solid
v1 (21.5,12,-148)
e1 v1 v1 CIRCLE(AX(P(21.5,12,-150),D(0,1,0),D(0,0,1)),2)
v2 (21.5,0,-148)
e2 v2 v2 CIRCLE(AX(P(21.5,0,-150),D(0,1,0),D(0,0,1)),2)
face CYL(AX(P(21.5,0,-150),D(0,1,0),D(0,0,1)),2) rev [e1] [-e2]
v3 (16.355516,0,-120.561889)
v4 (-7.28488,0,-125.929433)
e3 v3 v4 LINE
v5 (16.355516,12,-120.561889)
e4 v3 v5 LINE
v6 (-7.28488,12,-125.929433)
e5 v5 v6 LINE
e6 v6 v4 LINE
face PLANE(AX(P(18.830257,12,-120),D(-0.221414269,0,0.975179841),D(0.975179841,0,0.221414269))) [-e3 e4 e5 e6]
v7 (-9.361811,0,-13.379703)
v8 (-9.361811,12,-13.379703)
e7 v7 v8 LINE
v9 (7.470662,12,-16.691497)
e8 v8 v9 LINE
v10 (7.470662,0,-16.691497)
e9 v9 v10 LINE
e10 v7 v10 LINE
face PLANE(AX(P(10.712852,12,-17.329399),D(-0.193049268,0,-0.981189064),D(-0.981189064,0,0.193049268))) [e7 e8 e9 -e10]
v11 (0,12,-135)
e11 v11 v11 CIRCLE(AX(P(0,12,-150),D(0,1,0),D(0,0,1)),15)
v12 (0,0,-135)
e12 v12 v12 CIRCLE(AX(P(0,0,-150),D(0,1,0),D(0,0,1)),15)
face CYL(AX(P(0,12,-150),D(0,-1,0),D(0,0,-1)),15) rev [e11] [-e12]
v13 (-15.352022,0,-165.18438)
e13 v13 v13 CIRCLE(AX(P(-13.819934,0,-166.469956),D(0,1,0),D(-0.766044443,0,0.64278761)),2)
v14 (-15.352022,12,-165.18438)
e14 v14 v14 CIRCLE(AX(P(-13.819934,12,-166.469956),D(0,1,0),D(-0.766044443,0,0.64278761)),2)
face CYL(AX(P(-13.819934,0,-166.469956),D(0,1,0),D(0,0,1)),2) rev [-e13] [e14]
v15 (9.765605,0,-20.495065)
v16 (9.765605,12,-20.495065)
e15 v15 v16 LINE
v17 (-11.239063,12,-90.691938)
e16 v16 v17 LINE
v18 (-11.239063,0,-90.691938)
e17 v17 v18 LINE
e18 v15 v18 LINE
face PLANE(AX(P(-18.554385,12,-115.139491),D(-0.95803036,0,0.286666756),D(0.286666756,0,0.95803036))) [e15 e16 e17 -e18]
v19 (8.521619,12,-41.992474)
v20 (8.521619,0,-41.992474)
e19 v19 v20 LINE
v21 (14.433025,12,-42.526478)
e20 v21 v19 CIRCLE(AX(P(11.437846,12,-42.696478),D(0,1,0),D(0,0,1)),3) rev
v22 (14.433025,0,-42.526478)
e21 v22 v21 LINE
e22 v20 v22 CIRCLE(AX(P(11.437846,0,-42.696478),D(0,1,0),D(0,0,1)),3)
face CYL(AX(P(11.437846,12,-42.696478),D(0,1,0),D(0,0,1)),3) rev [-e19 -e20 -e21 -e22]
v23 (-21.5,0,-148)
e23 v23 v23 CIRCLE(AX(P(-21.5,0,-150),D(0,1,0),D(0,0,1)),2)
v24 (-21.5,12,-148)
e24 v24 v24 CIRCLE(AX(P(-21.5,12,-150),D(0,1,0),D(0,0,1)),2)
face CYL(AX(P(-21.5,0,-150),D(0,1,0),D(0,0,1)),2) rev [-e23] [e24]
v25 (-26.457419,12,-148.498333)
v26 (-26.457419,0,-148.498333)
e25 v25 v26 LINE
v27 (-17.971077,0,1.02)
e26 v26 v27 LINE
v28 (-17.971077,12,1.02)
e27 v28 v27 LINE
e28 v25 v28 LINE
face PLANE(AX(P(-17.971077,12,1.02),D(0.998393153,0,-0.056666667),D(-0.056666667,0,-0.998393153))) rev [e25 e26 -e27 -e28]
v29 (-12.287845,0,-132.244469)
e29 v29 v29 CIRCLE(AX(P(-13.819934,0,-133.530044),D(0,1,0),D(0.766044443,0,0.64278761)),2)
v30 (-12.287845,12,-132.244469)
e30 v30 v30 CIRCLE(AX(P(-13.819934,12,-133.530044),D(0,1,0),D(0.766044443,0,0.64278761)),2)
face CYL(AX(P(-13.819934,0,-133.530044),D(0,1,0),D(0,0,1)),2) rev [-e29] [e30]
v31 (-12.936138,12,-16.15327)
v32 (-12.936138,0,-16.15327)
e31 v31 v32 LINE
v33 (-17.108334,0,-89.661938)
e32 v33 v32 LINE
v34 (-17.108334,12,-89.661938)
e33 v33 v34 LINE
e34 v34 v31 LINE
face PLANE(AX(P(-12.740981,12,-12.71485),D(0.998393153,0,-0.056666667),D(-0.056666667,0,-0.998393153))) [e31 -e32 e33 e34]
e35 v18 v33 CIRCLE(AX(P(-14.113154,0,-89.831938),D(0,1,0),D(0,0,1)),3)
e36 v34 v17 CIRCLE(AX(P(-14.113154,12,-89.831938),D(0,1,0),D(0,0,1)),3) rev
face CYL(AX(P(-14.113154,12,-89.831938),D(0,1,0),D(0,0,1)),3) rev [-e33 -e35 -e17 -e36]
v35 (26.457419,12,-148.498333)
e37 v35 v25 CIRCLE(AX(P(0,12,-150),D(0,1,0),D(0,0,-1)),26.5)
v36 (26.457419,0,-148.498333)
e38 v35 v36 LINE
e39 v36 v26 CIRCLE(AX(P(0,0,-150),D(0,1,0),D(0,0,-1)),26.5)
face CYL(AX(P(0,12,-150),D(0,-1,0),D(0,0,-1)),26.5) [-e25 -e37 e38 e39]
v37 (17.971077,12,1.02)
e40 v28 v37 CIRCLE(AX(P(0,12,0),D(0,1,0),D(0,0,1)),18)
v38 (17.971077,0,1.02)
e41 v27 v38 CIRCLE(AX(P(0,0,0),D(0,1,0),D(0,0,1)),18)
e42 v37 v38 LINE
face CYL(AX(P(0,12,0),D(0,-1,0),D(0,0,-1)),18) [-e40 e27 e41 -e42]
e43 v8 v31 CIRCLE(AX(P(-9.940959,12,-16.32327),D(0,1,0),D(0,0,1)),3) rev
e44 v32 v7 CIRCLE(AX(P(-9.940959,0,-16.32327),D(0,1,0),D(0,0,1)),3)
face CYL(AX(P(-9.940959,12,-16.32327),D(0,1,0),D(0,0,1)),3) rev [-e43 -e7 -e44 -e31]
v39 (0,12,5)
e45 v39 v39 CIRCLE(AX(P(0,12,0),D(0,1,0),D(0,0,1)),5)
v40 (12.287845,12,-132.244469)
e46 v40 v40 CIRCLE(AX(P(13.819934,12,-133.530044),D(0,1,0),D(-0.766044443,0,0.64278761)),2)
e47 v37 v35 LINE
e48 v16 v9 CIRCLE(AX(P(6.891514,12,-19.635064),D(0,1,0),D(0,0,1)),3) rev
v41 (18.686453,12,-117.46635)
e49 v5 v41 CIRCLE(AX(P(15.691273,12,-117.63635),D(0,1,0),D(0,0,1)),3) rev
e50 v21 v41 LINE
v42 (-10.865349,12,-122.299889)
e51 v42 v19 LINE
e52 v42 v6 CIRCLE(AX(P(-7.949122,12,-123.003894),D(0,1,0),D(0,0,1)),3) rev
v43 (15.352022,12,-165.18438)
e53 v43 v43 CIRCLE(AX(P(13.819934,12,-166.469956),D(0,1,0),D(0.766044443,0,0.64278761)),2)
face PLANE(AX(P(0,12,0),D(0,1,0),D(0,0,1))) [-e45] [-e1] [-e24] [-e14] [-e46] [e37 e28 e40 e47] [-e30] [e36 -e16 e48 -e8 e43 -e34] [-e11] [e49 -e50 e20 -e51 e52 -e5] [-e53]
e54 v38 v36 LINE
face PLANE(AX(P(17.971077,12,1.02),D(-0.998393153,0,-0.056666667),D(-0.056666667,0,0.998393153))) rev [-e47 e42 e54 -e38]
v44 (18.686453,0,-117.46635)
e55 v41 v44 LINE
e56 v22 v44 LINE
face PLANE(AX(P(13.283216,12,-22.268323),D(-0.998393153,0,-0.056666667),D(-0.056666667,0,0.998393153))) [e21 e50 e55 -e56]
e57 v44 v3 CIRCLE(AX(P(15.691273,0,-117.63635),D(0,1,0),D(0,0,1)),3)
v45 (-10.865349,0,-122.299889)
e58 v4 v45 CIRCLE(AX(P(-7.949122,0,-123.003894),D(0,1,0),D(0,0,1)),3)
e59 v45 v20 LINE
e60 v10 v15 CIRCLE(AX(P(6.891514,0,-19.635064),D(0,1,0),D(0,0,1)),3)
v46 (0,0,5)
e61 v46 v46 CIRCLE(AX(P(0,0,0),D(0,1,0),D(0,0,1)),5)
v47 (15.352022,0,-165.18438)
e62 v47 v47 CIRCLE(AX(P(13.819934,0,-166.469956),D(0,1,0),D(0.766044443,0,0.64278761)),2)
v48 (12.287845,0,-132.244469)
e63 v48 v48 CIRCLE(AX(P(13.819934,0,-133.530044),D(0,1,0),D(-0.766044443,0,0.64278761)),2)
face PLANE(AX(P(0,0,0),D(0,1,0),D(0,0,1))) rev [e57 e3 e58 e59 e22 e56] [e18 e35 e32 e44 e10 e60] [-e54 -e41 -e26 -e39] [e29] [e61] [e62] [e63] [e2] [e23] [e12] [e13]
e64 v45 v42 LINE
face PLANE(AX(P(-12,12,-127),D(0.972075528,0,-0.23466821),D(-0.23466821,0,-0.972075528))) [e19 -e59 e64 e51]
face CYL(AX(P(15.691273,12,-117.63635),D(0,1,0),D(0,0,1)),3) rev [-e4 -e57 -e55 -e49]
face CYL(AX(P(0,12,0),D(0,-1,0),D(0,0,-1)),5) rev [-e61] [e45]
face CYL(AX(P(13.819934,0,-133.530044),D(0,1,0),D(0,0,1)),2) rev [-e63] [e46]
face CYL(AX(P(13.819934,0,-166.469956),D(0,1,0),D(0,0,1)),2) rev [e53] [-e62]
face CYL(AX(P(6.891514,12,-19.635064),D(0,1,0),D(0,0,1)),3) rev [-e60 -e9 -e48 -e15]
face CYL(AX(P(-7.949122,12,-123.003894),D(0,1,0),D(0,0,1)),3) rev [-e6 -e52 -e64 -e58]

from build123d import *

# Parameters (mm, degrees)
SKETCH_1_R               = 5
SKETCH_1_R_2             = 15
EXTRUDE_1_DEPTH          = 12
FILLET_1_R               = 3
SKETCH_2_R               = 2
CUT_EXTRUDE_1_DEPTH      = 179.881245523
PATTERN_CIRCULAR_3_COUNT = 2
PATTERN_CIRCULAR_3_ANGLE = 50
PATTERN_CIRCULAR_4_COUNT = 2
PATTERN_CIRCULAR_4_ANGLE = 50


with BuildPart() as part:
    # 草图1 → 凸台-拉伸1 (new body)
    with BuildSketch(Plane(origin=(0, 0, 0), x_dir=(1, 0, 0), z_dir=(0, 1, 0))):
        with BuildLine():
            Line((-17.971076762, -1.02), (-26.457418567, 148.498333333))
            ThreePointArc((-26.457418567, 148.498333333), (0, 176.5), (26.457418567, 148.498333333))
            Line((26.457418567, 148.498333333), (17.971076762, -1.02))
            ThreePointArc((17.971076762, -1.02), (0, -18), (-17.971076762, -1.02))
        make_face()
        with Locations(Location((0, 0, 0), (0, 0, 270))):
            Circle(SKETCH_1_R, mode=Mode.SUBTRACT)
        with Locations(Location((0, 150, 0), (0, 0, 270))):
            Circle(SKETCH_1_R_2, mode=Mode.SUBTRACT)
        Polygon((-12.740980954, 12.714849757), (-18.554385191, 115.139490738), (10.712851955, 17.329399023), align=None, mode=Mode.SUBTRACT)
        Polygon((13.283215706, 22.268322657), (18.830257334, 120), (-12, 127), align=None, mode=Mode.SUBTRACT)
    extrude(amount=EXTRUDE_1_DEPTH)

    # 圆角1
    fillet_1_edges = [part.edges().sort_by_distance(p)[0] for p in [
        (-12.740980954, 6, -12.714849757),
        (10.712851955, 6, -17.329399023),
        (-18.554385191, 6, -115.139490738),
        (18.830257334, 6, -120),
        (-12, 6, -127),
        (13.283215706, 6, -22.268322657),
    ]]
    fillet(fillet_1_edges, radius=FILLET_1_R)

    # 草图2 → 切除-拉伸1 (cut, through all)
    with BuildSketch(Plane(origin=(0, 12, 0), x_dir=(1, 0, 0), z_dir=(0, 1, 0))):
        with Locations(Location((-21.5, 150, 0), (0, 0, 270))):
            Circle(SKETCH_2_R)
        with Locations(Location((21.5, 150, 0), (0, 0, 270))):
            Circle(SKETCH_2_R)
    cut_extrude_1 = extrude(amount=-CUT_EXTRUDE_1_DEPTH, mode=Mode.SUBTRACT)

    # 阵列(圆周)3: 切除-拉伸1 ×2 about axis
    pattern_circular_3_axis = Axis((0, 0, -150), (0, 1, 0))
    for i in range(1, PATTERN_CIRCULAR_3_COUNT):
        add(cut_extrude_1.rotate(pattern_circular_3_axis, i * PATTERN_CIRCULAR_3_ANGLE / (PATTERN_CIRCULAR_3_COUNT - 1)), mode=Mode.SUBTRACT)

    # 阵列(圆周)4: 切除-拉伸1 ×2 about axis
    pattern_circular_4_axis = Axis((0, 0, -150), (0, -1, 0))
    for i in range(1, PATTERN_CIRCULAR_4_COUNT):
        add(cut_extrude_1.rotate(pattern_circular_4_axis, i * PATTERN_CIRCULAR_4_ANGLE / (PATTERN_CIRCULAR_4_COUNT - 1)), mode=Mode.SUBTRACT)


solid = part.part
